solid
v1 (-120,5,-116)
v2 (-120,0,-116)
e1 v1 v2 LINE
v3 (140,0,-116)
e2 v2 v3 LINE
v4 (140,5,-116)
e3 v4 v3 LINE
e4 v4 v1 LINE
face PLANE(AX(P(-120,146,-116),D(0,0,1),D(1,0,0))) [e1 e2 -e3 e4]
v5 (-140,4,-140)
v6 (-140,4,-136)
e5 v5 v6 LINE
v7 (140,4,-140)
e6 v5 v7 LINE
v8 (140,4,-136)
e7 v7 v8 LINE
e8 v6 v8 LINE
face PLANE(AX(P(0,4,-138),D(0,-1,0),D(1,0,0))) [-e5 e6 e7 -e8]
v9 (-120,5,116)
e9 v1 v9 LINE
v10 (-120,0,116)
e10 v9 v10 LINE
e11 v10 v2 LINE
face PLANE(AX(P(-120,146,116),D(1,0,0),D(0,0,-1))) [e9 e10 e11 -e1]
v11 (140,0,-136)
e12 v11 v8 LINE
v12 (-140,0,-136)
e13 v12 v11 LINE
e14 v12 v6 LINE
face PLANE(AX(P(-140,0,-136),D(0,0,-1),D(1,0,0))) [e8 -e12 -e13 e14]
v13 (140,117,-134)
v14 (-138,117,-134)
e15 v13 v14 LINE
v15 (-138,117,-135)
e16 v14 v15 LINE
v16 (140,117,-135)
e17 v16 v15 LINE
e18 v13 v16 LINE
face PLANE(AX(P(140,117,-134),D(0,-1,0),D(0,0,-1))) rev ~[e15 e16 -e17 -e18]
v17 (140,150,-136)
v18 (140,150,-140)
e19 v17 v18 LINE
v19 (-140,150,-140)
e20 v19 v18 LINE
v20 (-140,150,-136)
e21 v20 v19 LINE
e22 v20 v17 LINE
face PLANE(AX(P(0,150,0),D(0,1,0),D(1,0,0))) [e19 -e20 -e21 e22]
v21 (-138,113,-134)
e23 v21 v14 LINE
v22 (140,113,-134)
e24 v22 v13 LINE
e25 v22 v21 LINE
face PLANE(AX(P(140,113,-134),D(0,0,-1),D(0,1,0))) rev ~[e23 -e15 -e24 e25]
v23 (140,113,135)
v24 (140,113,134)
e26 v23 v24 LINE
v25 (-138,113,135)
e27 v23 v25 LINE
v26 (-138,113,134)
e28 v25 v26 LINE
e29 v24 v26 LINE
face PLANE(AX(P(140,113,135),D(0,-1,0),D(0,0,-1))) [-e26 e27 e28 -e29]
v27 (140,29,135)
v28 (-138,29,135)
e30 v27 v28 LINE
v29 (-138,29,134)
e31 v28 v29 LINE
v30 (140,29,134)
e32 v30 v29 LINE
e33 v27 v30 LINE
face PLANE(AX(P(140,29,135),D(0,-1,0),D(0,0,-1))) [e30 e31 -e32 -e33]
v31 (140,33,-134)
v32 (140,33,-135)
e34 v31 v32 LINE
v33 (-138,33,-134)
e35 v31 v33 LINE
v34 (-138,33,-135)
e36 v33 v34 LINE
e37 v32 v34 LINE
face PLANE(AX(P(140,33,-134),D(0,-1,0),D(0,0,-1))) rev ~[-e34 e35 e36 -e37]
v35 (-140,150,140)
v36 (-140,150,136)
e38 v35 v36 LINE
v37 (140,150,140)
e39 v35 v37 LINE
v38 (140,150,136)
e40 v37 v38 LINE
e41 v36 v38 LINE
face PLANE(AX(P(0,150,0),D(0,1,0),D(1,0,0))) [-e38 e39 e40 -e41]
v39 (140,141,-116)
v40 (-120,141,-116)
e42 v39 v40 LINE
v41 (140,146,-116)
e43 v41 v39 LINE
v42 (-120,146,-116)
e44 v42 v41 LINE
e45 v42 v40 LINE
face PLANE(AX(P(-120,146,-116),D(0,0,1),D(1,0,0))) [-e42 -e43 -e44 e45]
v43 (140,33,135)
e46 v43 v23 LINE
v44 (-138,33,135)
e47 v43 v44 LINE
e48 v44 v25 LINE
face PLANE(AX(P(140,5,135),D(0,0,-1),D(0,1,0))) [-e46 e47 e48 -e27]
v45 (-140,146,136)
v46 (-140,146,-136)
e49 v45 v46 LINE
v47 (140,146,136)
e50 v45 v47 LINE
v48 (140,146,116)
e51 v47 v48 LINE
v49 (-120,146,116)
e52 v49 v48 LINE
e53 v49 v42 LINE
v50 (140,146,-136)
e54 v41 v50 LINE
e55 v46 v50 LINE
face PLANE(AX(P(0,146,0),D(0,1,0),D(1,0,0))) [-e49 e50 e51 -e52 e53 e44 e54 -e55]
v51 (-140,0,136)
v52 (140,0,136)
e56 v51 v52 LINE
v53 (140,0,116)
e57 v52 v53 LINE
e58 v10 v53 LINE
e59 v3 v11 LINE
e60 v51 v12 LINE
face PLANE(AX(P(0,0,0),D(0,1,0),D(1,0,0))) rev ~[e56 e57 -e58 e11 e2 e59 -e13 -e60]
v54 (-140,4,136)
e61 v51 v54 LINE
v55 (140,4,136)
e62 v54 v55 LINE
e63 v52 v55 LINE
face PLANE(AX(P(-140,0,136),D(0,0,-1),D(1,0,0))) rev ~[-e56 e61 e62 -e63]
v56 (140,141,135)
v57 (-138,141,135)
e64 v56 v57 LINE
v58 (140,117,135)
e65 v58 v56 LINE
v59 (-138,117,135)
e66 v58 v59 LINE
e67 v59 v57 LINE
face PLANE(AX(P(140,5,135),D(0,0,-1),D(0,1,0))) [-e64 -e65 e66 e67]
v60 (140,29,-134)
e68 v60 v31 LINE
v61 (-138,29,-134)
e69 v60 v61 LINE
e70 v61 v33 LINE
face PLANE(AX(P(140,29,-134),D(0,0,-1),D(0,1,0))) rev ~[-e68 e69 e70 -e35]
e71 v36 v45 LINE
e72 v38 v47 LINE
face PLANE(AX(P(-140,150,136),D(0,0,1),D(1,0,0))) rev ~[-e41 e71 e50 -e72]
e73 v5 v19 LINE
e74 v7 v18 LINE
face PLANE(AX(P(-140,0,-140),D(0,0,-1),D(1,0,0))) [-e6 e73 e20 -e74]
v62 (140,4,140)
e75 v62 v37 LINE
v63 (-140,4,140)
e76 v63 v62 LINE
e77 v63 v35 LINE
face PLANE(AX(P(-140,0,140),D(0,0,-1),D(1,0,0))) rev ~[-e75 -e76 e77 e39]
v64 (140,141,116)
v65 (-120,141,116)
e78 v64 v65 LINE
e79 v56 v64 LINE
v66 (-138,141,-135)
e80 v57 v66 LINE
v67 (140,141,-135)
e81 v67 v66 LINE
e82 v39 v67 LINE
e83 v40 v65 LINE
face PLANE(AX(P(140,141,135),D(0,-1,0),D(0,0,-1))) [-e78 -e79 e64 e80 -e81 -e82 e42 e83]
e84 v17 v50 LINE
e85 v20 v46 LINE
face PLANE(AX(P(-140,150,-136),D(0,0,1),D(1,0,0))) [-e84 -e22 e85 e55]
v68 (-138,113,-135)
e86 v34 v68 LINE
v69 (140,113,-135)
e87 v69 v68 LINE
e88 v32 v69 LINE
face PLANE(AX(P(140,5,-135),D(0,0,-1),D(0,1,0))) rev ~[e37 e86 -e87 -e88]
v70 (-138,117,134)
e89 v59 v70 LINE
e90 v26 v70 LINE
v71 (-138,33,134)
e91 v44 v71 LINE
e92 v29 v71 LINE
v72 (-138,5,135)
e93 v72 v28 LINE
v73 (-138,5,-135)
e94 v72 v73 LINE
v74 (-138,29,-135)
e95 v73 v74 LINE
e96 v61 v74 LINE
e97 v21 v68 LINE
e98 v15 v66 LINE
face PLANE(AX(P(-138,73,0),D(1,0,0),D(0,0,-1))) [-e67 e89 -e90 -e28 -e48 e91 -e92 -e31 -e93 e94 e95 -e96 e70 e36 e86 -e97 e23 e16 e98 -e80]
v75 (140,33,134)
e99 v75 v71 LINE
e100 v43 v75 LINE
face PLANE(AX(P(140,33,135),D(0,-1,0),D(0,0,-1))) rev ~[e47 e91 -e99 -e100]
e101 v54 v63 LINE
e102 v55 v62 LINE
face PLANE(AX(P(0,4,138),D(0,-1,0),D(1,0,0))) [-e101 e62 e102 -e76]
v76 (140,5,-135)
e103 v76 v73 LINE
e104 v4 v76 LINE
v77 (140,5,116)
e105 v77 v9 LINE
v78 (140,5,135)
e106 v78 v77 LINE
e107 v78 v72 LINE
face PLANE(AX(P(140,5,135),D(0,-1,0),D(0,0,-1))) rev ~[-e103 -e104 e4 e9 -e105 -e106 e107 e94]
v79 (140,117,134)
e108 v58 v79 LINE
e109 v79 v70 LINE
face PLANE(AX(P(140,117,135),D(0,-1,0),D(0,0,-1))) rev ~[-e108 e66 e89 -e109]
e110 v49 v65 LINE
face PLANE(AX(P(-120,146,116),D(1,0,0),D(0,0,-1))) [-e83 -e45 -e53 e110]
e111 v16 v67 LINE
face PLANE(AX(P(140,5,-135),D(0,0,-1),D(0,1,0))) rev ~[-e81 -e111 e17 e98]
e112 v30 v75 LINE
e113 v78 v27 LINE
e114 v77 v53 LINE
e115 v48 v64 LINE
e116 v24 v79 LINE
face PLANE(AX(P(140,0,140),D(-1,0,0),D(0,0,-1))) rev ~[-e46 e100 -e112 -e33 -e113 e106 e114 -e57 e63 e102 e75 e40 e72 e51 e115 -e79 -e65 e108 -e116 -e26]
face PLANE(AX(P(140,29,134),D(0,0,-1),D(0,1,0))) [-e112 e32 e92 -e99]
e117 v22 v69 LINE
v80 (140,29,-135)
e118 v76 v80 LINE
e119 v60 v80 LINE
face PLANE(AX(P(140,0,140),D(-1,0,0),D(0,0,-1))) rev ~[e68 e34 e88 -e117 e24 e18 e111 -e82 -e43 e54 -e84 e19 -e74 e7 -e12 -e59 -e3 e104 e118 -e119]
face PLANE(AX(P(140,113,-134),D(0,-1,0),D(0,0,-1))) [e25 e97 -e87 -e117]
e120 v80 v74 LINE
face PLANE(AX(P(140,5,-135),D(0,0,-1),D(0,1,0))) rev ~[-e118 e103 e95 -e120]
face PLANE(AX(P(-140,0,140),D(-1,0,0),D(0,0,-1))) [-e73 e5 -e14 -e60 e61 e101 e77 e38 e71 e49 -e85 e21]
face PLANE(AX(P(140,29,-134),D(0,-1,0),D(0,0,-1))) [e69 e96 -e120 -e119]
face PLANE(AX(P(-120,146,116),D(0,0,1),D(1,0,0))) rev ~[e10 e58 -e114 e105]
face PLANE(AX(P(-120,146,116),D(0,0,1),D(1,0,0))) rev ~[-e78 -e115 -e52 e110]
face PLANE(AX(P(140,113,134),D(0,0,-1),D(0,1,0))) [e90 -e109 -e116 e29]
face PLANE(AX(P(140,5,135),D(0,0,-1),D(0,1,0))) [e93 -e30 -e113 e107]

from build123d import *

# Parameters (mm, degrees)
SKETCH_1_W          = 280
SKETCH_1_H          = 280
EXTRUDE_1_DEPTH     = 150
SKETCH_2_W          = 280
SKETCH_2_H          = 272
CUT_EXTRUDE_1_DEPTH = 4
SKETCH_3_W          = 280
SKETCH_3_H          = 4
CUT_EXTRUDE_2_DEPTH = 4
SKETCH_4_W          = 270
SKETCH_4_H          = 136
CUT_EXTRUDE_3_DEPTH = 278
SKETCH_6_W          = 260
SKETCH_6_H          = 232
CUT_EXTRUDE_7_DEPTH = 247
EXTRUDE_START       = 140
SKETCH_7_W          = 1
SKETCH_7_H          = 4
EXTRUDE_2_DEPTH     = 278


with BuildPart() as part:
    # 草图1 → 凸台-拉伸1 (new body)
    with BuildSketch(Plane(origin=(0, 0, 0), x_dir=(1, 0, 0), z_dir=(0, 1, 0))):
        Rectangle(SKETCH_1_W, SKETCH_1_H)
    extrude(amount=EXTRUDE_1_DEPTH)

    # 草图2 → 切除-拉伸1 (cut)
    with BuildSketch(Plane(origin=(0, 150, 0), x_dir=(1, 0, 0), z_dir=(0, 1, 0))):
        Rectangle(SKETCH_2_W, SKETCH_2_H)
    extrude(amount=-CUT_EXTRUDE_1_DEPTH, mode=Mode.SUBTRACT)

    # 草图3 → 切除-拉伸2 (cut)
    with BuildSketch(Plane.XZ):
        with Locations((0, 138)):
            Rectangle(SKETCH_3_W, SKETCH_3_H)
        with Locations((0, -138)):
            Rectangle(SKETCH_3_W, SKETCH_3_H)
    extrude(amount=-CUT_EXTRUDE_2_DEPTH, mode=Mode.SUBTRACT)

    # 草图4 → 切除-拉伸3 (cut)
    with BuildSketch(Plane(origin=(140, 0, 0), x_dir=(0, 0, -1), z_dir=(1, 0, 0))):
        with Locations((0, 73)):
            Rectangle(SKETCH_4_W, SKETCH_4_H)
    extrude(amount=-CUT_EXTRUDE_3_DEPTH, mode=Mode.SUBTRACT)

    # 草图6 → 切除-拉伸7 (cut, through all)
    with BuildSketch(Plane(origin=(0, 146, 0), x_dir=(1, 0, 0), z_dir=(0, 1, 0))):
        with Locations((10, 0)):
            Rectangle(SKETCH_6_W, SKETCH_6_H)
    extrude(amount=-CUT_EXTRUDE_7_DEPTH, mode=Mode.SUBTRACT)

    # 草图7 → 凸台-拉伸2 (add)
    with BuildSketch(Plane(origin=(0, 0, 0), x_dir=(0, 0, -1), z_dir=(1, 0, 0)).offset(EXTRUDE_START)):
        with Locations((-134.5, 115)):
            Rectangle(SKETCH_7_W, SKETCH_7_H)
        with Locations((-134.5, 31)):
            Rectangle(SKETCH_7_W, SKETCH_7_H)
        with Locations((134.5, 31)):
            Rectangle(SKETCH_7_W, SKETCH_7_H)
        with Locations((134.5, 115)):
            Rectangle(SKETCH_7_W, SKETCH_7_H)
    extrude(amount=-EXTRUDE_2_DEPTH)


solid = part.part
